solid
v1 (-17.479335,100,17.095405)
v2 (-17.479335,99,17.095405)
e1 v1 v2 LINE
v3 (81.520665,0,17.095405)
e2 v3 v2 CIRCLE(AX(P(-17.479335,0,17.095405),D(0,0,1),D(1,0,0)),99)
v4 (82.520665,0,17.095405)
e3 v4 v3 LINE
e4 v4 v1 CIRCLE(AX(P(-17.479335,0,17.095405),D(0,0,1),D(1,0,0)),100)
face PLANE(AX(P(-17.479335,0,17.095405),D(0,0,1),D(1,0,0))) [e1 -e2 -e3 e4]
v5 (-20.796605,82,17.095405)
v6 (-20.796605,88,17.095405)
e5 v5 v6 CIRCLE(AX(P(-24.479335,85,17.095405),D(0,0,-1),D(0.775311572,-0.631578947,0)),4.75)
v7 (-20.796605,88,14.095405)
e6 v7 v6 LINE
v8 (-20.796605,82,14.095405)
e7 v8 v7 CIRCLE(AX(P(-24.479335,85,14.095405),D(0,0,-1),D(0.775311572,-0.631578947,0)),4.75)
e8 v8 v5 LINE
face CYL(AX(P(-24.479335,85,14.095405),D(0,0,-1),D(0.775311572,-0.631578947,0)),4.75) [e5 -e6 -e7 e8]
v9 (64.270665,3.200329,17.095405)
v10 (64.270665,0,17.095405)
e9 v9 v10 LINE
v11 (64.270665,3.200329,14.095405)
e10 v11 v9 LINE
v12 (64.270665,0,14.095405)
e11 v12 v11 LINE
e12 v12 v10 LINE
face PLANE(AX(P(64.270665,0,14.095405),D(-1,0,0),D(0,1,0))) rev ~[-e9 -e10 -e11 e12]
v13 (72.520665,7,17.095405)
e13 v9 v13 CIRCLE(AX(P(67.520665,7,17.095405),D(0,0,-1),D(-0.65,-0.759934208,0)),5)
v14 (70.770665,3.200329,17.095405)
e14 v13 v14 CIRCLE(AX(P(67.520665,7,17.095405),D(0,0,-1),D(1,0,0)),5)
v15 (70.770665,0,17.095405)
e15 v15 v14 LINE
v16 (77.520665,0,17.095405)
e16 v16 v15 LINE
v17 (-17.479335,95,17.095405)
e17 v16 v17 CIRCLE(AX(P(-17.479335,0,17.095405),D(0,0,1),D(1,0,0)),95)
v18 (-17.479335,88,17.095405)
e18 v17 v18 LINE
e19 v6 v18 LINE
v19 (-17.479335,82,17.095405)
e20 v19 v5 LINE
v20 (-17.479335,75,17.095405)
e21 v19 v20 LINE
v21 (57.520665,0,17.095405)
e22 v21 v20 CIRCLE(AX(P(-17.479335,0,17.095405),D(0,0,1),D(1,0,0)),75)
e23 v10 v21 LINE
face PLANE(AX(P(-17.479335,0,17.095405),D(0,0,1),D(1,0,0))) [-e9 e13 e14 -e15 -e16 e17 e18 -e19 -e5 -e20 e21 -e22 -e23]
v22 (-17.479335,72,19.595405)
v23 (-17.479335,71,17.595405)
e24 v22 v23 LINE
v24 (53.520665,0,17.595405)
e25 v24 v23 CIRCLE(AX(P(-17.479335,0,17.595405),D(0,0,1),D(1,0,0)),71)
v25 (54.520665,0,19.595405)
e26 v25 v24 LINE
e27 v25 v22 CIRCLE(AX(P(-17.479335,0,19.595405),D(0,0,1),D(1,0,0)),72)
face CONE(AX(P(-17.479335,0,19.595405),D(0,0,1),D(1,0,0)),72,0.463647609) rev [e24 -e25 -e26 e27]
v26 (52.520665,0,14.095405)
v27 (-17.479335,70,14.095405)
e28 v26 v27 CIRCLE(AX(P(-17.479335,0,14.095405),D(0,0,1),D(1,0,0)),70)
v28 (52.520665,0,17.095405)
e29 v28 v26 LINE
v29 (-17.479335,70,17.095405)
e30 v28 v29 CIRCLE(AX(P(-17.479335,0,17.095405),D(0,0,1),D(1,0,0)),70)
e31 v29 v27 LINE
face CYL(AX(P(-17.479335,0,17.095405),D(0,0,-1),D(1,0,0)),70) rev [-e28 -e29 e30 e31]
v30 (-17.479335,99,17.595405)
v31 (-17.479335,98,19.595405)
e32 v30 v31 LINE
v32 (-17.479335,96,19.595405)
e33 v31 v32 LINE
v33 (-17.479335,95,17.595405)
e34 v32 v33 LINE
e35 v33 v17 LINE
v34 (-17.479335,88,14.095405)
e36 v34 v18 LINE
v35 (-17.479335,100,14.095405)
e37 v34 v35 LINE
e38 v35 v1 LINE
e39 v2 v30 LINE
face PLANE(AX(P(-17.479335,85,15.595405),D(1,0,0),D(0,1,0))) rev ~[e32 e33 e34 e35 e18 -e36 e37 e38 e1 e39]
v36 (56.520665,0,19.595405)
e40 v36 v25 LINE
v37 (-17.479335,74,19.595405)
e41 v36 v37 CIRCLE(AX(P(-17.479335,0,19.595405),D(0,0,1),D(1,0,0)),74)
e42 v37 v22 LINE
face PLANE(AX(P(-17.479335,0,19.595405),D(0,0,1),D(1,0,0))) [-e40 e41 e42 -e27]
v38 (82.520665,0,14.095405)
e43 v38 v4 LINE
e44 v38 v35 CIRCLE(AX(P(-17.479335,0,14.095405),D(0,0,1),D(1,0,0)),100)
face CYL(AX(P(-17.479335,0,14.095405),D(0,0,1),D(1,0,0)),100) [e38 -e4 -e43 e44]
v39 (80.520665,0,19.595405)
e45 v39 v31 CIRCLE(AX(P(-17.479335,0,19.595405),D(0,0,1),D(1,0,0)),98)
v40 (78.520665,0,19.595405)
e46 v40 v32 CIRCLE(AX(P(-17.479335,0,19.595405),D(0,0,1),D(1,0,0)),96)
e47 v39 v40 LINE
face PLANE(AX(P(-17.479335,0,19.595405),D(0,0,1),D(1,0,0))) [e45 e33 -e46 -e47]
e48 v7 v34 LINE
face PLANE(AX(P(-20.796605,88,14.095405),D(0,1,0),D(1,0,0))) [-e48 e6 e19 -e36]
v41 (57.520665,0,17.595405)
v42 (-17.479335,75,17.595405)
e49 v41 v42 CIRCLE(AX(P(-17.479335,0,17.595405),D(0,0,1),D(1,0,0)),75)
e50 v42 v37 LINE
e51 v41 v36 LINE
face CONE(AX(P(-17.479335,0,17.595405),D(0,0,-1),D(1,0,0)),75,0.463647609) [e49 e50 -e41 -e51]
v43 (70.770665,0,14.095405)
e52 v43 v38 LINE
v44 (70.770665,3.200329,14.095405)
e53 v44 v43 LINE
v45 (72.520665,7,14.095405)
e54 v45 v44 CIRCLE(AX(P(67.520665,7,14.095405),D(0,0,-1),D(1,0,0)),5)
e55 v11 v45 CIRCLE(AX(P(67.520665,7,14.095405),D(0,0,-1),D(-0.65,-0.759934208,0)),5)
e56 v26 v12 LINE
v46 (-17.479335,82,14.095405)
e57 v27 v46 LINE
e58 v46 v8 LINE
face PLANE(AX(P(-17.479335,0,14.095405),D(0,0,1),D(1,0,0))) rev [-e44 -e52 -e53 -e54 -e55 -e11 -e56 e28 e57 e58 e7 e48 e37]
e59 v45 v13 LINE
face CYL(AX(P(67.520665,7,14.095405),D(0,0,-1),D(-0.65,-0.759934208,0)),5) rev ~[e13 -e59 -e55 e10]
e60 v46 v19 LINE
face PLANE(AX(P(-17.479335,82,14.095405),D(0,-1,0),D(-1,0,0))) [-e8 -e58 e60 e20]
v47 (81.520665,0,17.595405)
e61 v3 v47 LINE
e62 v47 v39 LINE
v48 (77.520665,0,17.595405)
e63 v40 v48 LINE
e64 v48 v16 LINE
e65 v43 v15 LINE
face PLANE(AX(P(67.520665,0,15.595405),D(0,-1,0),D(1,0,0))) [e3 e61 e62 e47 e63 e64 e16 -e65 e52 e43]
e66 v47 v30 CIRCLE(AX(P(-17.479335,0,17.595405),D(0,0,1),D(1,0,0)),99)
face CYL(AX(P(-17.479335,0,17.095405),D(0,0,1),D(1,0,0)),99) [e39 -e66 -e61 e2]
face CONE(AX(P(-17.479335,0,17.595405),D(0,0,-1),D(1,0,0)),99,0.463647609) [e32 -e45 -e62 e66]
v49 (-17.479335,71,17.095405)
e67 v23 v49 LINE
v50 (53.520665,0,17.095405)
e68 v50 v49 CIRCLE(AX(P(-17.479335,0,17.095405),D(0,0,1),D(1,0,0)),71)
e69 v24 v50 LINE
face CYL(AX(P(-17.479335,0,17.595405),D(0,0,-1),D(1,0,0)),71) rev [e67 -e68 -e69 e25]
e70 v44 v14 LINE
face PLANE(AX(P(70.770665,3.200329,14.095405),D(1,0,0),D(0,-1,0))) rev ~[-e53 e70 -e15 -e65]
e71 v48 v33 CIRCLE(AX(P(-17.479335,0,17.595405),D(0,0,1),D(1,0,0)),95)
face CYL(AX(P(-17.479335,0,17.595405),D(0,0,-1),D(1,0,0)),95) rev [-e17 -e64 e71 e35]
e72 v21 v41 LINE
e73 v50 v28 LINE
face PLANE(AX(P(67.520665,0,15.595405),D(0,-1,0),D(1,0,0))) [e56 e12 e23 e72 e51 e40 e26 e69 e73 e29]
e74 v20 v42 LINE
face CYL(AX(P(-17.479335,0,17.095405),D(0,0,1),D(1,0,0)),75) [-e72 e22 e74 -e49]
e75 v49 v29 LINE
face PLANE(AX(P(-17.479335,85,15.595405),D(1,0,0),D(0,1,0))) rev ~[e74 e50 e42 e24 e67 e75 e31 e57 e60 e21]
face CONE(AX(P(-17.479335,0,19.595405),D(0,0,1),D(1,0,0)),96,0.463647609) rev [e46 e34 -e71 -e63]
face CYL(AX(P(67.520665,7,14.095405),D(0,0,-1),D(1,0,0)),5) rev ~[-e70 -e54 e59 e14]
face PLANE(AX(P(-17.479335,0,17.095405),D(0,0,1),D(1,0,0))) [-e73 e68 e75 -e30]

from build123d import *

# Parameters (mm, degrees)
F1_ANGLE = 90
F3_DEPTH = 25
F5_DEPTH = 3


with BuildPart() as f1:
    # F0 (on Front) → F1 (revolve)
    with BuildSketch(Plane.XZ):
        Polygon((52.5206645727, 17.0954047681), (52.5206645727, 14.0954047681), (82.5206645727, 14.0954047681), (82.5206645727, 17.0954047681), (81.5206645727, 17.0954047681), (77.5206645727, 17.0954047681), (57.5206645727, 17.0954047681), (53.5206645727, 17.0954047681), align=None)
        Polygon((77.5206645727, 17.0954047681), (81.5206645727, 17.0954047681), (81.5206645727, 17.5954047681), (80.5206645727, 19.5954047681), (78.5206645727, 19.5954047681), (77.5206645727, 17.5954047681), align=None)
        Polygon((53.5206645727, 17.5954047681), (53.5206645727, 17.0954047681), (57.5206645727, 17.0954047681), (57.5206645727, 17.5954047681), (56.5206645727, 19.5954047681), (54.5206645727, 19.5954047681), align=None)
    revolve(axis=Axis((-17.4793354273, 0, 16.5954047681), (0, 0, 1)), revolution_arc=F1_ANGLE)

    # F2 (on face) → F3 (cut)
    with BuildSketch(Plane(origin=(0, 0, 14.0954047681), x_dir=(1, 0, 0), z_dir=(0, 0, -1))):
        with BuildLine():
            ThreePointArc((70.7706645727, -3.2003289616), (69.2529527716, -2.3096719096), (67.5206645727, -2))
            ThreePointArc((67.5206645727, -2), (65.7883763738, -2.3096719096), (64.2706645727, -3.2003289616))
            ThreePointArc((64.2706645727, -3.2003289616), (65.4290145064, -11.5414755311), (72.5206645727, -7))
            ThreePointArc((72.5206645727, -7), (72.0621401039, -4.9083499337), (70.7706645727, -3.2003289616))
        make_face()
        with BuildLine():
            Line((67.5206645727, -2), (67.5206645727, 0))
            Line((67.5206645727, 0), (64.2706645727, 0))
            Line((64.2706645727, 0), (64.2706645727, -3.2003289616))
            ThreePointArc((64.2706645727, -3.2003289616), (65.7883763738, -2.3096719096), (67.5206645727, -2))
        make_face()
        with BuildLine():
            Line((70.7706645727, 0), (67.5206645727, 0))
            Line((67.5206645727, 0), (67.5206645727, -2))
            ThreePointArc((67.5206645727, -2), (69.2529527716, -2.3096719096), (70.7706645727, -3.2003289616))
            Line((70.7706645727, -3.2003289616), (70.7706645727, 0))
        make_face()
    extrude(amount=-F3_DEPTH, mode=Mode.SUBTRACT)

    # F4 (on face) → F5 (join)
    with BuildSketch(Plane(origin=(0, 0, 14.0954047681), x_dir=(1, 0, 0), z_dir=(0, 0, -1))):
        with BuildLine():
            Line((-17.4793354273, -88), (-17.4793354273, -85))
            Line((-17.4793354273, -85), (-19.7293354273, -85))
            ThreePointArc((-19.7293354273, -85), (-20.0040998281, -86.5920949505), (-20.7966054616, -88))
            Line((-20.7966054616, -88), (-17.4793354273, -88))
        make_face()
        with BuildLine():
            Line((-19.7293354273, -85), (-17.4793354273, -85))
            Line((-17.4793354273, -85), (-17.4793354273, -82))
            Line((-17.4793354273, -82), (-20.7966054616, -82))
            ThreePointArc((-20.7966054616, -82), (-20.0040998281, -83.4079050495), (-19.7293354273, -85))
        make_face()
        with BuildLine():
            ThreePointArc((-20.7966054616, -88), (-20.0040998281, -86.5920949505), (-19.7293354273, -85))
            ThreePointArc((-19.7293354273, -85), (-20.0040998281, -83.4079050495), (-20.7966054616, -82))
            ThreePointArc((-20.7966054616, -82), (-29.2293354273, -85), (-20.7966054616, -88))
        make_face()
    extrude(amount=-F5_DEPTH)


solid = f1.part
